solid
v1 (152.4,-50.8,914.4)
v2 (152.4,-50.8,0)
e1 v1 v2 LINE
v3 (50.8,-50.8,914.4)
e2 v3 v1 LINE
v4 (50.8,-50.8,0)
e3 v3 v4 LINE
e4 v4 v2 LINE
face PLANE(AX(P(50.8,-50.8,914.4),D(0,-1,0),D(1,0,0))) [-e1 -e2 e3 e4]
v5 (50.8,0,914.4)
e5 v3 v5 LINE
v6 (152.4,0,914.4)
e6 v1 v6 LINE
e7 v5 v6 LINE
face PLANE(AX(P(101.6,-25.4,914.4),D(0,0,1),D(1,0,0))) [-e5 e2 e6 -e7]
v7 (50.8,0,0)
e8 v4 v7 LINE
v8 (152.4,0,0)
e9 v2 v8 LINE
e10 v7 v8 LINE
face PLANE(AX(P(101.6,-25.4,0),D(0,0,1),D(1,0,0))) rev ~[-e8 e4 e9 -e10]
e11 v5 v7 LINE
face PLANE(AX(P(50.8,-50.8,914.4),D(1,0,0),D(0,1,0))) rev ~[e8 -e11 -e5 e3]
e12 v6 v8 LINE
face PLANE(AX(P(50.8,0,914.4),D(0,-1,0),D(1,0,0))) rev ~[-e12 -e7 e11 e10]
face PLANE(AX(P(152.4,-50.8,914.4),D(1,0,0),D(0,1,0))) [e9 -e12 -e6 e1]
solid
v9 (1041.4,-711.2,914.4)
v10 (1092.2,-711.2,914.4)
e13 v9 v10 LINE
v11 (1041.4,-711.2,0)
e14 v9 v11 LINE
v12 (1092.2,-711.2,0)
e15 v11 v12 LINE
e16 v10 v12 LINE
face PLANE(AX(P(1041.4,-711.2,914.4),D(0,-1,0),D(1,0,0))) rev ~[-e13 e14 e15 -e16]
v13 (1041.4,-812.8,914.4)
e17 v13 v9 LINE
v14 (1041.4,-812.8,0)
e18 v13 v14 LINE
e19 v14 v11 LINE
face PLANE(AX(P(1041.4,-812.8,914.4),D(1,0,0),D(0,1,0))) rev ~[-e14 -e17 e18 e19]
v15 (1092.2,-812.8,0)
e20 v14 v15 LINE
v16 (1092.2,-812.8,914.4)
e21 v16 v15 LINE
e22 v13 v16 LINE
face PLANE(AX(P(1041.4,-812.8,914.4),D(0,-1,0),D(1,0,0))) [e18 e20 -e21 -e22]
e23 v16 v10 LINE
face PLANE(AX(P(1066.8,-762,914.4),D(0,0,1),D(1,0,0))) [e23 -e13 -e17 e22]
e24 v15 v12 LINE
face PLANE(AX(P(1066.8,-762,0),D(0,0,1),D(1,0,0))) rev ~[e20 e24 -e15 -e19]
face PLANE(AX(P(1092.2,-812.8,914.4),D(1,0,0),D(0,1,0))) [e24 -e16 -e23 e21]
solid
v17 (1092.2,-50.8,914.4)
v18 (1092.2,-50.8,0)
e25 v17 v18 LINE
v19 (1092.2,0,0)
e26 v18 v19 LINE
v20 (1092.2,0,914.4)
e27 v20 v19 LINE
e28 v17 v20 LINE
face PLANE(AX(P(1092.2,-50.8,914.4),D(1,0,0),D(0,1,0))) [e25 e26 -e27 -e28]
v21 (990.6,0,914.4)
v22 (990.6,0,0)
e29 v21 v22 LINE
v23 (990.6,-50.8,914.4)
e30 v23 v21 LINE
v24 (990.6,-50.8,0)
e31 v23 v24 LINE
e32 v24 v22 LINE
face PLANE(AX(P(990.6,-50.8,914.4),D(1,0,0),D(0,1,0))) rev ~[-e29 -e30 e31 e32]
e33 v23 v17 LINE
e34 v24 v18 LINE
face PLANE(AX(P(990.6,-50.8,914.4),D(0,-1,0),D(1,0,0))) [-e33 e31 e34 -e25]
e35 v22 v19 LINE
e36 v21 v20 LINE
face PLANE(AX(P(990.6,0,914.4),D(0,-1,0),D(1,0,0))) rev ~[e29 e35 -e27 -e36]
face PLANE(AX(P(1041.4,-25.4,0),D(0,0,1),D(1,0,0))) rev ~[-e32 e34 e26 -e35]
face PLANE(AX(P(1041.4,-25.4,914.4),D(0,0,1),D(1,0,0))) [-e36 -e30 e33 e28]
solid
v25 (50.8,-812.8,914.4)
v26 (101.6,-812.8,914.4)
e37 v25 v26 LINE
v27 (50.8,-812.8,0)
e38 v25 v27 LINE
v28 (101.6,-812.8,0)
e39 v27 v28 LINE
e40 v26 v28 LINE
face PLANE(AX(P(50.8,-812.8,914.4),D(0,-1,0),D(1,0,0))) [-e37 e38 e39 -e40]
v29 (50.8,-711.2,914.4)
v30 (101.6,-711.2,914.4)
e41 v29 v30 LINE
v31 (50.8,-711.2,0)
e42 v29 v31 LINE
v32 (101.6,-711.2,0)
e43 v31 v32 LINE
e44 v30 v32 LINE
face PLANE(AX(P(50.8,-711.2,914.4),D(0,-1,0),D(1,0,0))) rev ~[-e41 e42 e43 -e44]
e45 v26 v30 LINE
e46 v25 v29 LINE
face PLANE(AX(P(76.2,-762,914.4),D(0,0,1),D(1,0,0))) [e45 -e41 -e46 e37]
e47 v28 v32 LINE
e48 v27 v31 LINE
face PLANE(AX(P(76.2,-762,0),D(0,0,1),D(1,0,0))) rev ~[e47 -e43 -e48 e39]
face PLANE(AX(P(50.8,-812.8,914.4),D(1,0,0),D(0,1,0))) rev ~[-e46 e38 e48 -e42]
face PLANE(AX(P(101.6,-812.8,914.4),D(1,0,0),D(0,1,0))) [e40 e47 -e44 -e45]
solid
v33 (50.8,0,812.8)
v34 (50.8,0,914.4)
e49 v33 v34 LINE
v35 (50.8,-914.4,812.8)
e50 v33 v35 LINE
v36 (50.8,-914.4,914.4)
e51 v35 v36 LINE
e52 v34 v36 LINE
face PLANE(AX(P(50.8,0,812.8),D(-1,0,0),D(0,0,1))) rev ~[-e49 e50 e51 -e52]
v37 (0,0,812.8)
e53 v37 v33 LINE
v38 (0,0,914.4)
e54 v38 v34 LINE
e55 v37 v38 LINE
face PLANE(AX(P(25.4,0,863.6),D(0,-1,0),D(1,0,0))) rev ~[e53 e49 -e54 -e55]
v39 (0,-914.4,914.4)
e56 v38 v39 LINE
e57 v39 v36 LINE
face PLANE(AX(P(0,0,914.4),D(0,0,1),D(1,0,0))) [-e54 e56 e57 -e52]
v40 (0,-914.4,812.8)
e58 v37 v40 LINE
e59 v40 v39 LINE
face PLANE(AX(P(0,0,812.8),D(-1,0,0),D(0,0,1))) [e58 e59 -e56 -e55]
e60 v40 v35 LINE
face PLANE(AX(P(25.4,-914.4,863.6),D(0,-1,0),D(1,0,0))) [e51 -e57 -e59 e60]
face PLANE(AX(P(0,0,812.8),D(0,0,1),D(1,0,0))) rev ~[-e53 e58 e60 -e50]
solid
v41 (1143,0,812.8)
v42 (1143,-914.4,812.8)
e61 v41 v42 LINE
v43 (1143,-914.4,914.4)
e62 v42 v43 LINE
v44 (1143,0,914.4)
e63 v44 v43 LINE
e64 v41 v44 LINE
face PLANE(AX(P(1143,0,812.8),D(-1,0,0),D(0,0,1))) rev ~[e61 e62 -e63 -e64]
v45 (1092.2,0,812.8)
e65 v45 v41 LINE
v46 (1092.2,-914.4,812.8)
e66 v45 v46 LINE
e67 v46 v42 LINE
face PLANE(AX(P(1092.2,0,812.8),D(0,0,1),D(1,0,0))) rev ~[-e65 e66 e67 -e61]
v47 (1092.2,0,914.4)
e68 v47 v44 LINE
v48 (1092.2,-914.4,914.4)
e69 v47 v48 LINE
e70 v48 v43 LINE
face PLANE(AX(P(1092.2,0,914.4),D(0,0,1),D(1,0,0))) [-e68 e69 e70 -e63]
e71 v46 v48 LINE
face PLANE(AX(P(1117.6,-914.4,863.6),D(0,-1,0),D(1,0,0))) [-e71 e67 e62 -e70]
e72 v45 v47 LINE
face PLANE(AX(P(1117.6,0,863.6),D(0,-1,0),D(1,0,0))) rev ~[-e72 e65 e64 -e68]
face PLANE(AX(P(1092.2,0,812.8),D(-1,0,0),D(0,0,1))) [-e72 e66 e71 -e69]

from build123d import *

# Parameters (mm, degrees)
F1_W     = 50.8
F1_H     = 101.6
F2_DEPTH = 914.4
F4_W     = 101.6
F4_H     = 50.8
F4_W_2   = 50.8
F4_H_2   = 101.6
F5_DEPTH = 914.4


with BuildPart() as f2:
    # F1 (on Front) → F2 (new body)
    with BuildSketch(Plane.XZ):
        with Locations((25.4, 863.6)):
            Rectangle(F1_W, F1_H)
        with Locations((1117.6, 863.6)):
            Rectangle(F1_W, F1_H)
    extrude(amount=F2_DEPTH)


with BuildPart() as f5:
    # F4 (on face) → F5 (new body)
    with BuildSketch(Plane.XY.offset(914.4)):
        with Locations((101.6, -25.4)):
            Rectangle(F4_W, F4_H)
        with Locations((1041.4, -25.4)):
            Rectangle(F4_W, F4_H)
        with Locations((76.2, -762)):
            Rectangle(F4_W_2, F4_H_2)
        with Locations((1066.8, -762)):
            Rectangle(F4_W_2, F4_H_2)
    extrude(amount=-F5_DEPTH)


solid = Compound([f2.part, f5.part])
